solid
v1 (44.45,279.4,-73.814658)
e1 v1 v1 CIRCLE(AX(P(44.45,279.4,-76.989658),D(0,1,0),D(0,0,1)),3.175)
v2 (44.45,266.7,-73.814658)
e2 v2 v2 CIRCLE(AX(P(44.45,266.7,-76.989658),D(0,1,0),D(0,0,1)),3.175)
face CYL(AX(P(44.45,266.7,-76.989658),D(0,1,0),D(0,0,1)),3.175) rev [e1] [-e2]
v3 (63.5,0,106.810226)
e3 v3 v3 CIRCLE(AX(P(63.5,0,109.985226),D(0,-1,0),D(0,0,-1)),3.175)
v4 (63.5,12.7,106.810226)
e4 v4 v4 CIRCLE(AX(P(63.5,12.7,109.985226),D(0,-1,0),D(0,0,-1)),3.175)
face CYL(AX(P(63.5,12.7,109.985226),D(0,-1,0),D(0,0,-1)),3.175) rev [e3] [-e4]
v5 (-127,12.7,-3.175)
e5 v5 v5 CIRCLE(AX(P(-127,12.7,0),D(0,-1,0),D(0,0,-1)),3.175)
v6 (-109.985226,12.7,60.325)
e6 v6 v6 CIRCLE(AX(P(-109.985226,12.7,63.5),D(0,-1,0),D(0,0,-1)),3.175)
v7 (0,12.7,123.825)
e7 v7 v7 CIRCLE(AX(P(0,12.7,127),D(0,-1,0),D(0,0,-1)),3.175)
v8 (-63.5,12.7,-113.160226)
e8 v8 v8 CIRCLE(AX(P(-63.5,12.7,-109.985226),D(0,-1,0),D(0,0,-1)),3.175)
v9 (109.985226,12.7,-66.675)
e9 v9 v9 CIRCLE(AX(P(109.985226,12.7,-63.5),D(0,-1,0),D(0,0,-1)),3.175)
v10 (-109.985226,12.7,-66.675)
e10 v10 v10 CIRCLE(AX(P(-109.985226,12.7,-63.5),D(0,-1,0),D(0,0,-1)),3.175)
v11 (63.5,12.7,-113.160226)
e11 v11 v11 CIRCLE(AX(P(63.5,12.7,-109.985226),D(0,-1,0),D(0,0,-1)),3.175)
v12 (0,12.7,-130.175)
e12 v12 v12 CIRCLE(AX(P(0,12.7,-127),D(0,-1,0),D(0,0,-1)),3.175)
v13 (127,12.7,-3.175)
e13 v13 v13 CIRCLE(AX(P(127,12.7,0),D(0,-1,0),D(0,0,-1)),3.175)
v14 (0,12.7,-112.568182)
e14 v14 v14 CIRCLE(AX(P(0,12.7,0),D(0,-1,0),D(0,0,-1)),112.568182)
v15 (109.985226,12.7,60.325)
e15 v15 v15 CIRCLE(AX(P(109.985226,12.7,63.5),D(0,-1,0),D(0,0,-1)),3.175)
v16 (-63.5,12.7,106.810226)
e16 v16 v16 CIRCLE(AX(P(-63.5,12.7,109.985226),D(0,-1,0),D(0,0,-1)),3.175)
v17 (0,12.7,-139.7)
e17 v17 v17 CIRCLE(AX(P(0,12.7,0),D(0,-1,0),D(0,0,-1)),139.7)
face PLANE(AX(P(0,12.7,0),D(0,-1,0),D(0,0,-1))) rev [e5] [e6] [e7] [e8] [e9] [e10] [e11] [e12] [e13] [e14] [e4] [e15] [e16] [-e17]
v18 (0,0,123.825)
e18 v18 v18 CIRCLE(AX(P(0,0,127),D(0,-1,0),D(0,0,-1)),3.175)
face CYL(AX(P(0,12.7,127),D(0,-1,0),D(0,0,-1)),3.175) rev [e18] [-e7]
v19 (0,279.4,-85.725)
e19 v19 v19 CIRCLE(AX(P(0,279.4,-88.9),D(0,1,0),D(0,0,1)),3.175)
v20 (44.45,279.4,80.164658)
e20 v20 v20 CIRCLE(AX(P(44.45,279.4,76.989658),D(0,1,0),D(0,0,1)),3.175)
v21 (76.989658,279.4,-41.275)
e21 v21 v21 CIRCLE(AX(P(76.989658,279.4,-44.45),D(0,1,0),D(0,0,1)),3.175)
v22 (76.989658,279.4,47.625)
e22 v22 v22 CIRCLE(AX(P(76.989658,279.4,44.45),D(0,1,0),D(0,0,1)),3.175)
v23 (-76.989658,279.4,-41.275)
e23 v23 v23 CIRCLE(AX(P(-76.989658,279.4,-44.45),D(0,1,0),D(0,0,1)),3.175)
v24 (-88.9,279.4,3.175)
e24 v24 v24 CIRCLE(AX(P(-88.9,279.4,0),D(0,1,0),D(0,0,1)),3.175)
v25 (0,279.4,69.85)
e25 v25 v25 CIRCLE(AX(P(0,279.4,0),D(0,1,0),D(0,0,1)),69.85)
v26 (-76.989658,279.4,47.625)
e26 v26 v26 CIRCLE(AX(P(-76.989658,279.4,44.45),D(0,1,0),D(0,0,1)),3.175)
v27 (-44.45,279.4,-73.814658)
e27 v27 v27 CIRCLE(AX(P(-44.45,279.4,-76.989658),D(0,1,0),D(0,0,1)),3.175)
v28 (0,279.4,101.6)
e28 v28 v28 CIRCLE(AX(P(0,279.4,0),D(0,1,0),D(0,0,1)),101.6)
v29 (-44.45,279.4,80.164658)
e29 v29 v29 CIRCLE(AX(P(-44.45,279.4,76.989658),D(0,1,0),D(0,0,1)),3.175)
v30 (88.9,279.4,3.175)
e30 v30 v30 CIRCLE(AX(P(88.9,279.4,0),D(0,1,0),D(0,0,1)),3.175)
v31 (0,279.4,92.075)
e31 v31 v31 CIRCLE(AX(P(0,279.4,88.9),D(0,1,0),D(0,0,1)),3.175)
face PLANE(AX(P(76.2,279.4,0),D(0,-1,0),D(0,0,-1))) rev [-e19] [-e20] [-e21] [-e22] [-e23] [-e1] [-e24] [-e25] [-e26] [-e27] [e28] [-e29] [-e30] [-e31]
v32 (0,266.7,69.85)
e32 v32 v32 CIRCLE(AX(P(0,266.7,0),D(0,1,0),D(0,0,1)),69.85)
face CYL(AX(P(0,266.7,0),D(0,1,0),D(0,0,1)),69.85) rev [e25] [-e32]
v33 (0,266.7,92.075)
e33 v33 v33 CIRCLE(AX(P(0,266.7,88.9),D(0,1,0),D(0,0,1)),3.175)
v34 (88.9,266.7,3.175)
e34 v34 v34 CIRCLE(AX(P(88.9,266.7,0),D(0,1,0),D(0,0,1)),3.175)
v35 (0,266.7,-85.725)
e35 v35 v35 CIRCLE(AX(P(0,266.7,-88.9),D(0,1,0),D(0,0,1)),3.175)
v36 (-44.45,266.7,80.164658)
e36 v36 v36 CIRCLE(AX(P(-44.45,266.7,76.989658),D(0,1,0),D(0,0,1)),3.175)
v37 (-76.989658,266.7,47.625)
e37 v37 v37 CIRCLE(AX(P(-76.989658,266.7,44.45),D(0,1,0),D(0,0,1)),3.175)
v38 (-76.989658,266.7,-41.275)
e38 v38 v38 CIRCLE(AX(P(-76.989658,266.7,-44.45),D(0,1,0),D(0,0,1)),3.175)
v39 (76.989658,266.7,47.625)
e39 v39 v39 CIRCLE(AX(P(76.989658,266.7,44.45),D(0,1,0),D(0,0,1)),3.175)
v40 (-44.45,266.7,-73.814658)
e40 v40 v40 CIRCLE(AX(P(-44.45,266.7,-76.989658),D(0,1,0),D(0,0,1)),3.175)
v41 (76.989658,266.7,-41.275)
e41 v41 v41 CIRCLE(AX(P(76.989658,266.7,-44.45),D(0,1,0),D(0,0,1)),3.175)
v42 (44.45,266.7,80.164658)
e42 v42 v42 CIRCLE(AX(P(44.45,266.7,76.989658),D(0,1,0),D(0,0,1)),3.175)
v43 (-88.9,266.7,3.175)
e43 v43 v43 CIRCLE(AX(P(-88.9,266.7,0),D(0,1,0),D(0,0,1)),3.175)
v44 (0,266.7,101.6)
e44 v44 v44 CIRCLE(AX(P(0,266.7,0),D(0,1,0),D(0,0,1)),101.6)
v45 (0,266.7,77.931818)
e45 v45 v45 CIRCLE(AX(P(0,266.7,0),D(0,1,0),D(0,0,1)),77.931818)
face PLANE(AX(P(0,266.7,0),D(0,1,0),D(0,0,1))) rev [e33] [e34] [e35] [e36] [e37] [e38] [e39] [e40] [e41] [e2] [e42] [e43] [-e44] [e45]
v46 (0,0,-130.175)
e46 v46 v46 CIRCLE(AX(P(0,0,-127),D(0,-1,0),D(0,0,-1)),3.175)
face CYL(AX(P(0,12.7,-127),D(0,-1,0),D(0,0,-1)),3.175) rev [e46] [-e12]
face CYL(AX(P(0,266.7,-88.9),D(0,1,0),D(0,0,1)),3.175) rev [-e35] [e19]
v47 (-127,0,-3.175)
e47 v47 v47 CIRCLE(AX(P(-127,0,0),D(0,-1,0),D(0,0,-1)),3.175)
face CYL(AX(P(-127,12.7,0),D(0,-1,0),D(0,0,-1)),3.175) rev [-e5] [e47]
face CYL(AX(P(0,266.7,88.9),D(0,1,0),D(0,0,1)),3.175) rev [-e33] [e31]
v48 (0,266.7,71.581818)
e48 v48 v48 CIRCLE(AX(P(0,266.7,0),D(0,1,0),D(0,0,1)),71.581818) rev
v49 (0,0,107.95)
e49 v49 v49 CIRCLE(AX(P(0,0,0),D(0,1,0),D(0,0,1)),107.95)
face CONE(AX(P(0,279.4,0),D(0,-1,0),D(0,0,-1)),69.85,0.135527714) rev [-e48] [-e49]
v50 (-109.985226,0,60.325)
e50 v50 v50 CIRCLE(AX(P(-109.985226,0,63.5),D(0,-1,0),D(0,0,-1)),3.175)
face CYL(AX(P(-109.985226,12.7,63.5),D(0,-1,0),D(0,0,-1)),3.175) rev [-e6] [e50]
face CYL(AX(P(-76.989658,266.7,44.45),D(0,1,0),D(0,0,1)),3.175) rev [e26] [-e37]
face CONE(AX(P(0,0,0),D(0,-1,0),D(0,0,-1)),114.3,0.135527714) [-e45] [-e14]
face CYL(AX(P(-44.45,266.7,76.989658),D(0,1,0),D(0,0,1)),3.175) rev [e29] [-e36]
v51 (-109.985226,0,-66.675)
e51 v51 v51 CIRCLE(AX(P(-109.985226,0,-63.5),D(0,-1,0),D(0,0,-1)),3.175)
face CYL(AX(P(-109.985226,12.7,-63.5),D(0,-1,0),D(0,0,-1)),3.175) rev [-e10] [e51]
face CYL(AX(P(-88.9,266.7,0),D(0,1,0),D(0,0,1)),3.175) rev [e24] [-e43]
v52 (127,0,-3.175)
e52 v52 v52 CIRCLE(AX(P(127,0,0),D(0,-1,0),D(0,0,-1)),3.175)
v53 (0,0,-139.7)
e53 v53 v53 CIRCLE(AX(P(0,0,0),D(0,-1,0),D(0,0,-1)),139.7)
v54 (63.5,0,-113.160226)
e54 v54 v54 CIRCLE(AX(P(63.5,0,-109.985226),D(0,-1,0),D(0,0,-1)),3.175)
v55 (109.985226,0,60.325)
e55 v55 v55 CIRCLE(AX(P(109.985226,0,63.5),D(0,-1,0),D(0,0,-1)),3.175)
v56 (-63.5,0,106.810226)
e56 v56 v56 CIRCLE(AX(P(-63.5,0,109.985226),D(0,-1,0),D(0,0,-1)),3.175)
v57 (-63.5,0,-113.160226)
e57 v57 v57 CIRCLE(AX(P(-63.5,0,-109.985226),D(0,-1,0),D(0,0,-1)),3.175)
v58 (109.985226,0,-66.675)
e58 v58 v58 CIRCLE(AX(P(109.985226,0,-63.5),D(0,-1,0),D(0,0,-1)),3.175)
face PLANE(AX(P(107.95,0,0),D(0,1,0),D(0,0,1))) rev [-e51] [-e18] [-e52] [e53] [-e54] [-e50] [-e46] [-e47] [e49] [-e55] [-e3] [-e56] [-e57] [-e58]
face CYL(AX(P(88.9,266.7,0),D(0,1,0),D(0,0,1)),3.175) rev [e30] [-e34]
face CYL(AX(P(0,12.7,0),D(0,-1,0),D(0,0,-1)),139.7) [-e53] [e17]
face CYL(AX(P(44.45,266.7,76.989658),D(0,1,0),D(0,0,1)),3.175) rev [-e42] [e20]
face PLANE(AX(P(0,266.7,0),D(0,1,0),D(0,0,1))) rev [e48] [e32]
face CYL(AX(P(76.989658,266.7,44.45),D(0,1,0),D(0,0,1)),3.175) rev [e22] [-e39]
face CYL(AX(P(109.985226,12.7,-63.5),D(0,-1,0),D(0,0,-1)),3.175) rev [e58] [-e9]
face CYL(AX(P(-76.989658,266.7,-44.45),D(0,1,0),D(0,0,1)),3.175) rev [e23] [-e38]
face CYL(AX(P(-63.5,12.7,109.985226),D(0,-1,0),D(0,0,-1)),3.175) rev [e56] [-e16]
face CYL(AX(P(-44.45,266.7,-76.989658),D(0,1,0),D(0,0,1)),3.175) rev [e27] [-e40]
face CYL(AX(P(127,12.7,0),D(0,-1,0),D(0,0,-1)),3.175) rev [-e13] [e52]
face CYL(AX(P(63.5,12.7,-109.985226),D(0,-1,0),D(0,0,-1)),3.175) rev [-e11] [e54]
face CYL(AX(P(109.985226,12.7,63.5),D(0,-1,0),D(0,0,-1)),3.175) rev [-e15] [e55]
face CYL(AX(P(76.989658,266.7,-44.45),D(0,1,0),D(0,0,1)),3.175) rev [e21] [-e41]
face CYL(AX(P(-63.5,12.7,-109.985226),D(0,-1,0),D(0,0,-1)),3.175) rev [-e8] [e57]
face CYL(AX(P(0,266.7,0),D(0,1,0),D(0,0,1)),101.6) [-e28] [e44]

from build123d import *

# Parameters (mm, degrees)
SKETCH2_R           = 101.6
SKETCH2_R_2         = 69.85
SKETCH2_R_3         = 3.175
BOSS_EXTRUDE1_DEPTH = 12.7
SKETCH3_R           = 139.7
SKETCH3_R_2         = 107.95
SKETCH3_R_3         = 3.175
BOSS_EXTRUDE2_DEPTH = 12.7


with BuildPart() as part:
    # Sketch1 → Revolve1 (revolve)
    with BuildSketch(Plane.XY):
        Polygon((69.85, 279.4), (107.95, 0), (114.3, 0), (76.2, 279.4), align=None)
    revolve(axis=Axis((0, 279.4, 0), (0, -1, 0)))

    # Sketch2 → Boss-Extrude1 (add)
    with BuildSketch(Plane(origin=(0, 279.4, 0), x_dir=(1, 0, 0), z_dir=(0, 1, 0))):
        Circle(SKETCH2_R)
        Circle(SKETCH2_R_2, mode=Mode.SUBTRACT)
        with Locations((0, 88.9)):
            Circle(SKETCH2_R_3, mode=Mode.SUBTRACT)
        with Locations((44.45, 76.989658396)):
            Circle(SKETCH2_R_3, mode=Mode.SUBTRACT)
        with Locations((76.989658396, 44.45)):
            Circle(SKETCH2_R_3, mode=Mode.SUBTRACT)
        with Locations((88.9, 0)):
            Circle(SKETCH2_R_3, mode=Mode.SUBTRACT)
        with Locations((76.989658396, -44.45)):
            Circle(SKETCH2_R_3, mode=Mode.SUBTRACT)
        with Locations((44.45, -76.989658396)):
            Circle(SKETCH2_R_3, mode=Mode.SUBTRACT)
        with Locations((0, -88.9)):
            Circle(SKETCH2_R_3, mode=Mode.SUBTRACT)
        with Locations((-44.45, -76.989658396)):
            Circle(SKETCH2_R_3, mode=Mode.SUBTRACT)
        with Locations((-76.989658396, -44.45)):
            Circle(SKETCH2_R_3, mode=Mode.SUBTRACT)
        with Locations((-88.9, 0)):
            Circle(SKETCH2_R_3, mode=Mode.SUBTRACT)
        with Locations((-76.989658396, 44.45)):
            Circle(SKETCH2_R_3, mode=Mode.SUBTRACT)
        with Locations((-44.45, 76.989658396)):
            Circle(SKETCH2_R_3, mode=Mode.SUBTRACT)
    extrude(amount=-BOSS_EXTRUDE1_DEPTH)

    # Sketch3 → Boss-Extrude2 (add)
    with BuildSketch(Plane(origin=(0, 0, 0), x_dir=(-1, 0, 0), z_dir=(0, -1, 0))):
        Circle(SKETCH3_R)
        Circle(SKETCH3_R_2, mode=Mode.SUBTRACT)
        with Locations((0, 127)):
            Circle(SKETCH3_R_3, mode=Mode.SUBTRACT)
        with Locations((63.5, 109.985226281)):
            Circle(SKETCH3_R_3, mode=Mode.SUBTRACT)
        with Locations((109.985226281, 63.5)):
            Circle(SKETCH3_R_3, mode=Mode.SUBTRACT)
        with Locations((127, 0)):
            Circle(SKETCH3_R_3, mode=Mode.SUBTRACT)
        with Locations((109.985226281, -63.5)):
            Circle(SKETCH3_R_3, mode=Mode.SUBTRACT)
        with Locations((63.5, -109.985226281)):
            Circle(SKETCH3_R_3, mode=Mode.SUBTRACT)
        with Locations((0, -127)):
            Circle(SKETCH3_R_3, mode=Mode.SUBTRACT)
        with Locations((-63.5, -109.985226281)):
            Circle(SKETCH3_R_3, mode=Mode.SUBTRACT)
        with Locations((-109.985226281, -63.5)):
            Circle(SKETCH3_R_3, mode=Mode.SUBTRACT)
        with Locations((-127, 0)):
            Circle(SKETCH3_R_3, mode=Mode.SUBTRACT)
        with Locations((-109.985226281, 63.5)):
            Circle(SKETCH3_R_3, mode=Mode.SUBTRACT)
        with Locations((-63.5, 109.985226281)):
            Circle(SKETCH3_R_3, mode=Mode.SUBTRACT)
    extrude(amount=-BOSS_EXTRUDE2_DEPTH)


solid = part.part
